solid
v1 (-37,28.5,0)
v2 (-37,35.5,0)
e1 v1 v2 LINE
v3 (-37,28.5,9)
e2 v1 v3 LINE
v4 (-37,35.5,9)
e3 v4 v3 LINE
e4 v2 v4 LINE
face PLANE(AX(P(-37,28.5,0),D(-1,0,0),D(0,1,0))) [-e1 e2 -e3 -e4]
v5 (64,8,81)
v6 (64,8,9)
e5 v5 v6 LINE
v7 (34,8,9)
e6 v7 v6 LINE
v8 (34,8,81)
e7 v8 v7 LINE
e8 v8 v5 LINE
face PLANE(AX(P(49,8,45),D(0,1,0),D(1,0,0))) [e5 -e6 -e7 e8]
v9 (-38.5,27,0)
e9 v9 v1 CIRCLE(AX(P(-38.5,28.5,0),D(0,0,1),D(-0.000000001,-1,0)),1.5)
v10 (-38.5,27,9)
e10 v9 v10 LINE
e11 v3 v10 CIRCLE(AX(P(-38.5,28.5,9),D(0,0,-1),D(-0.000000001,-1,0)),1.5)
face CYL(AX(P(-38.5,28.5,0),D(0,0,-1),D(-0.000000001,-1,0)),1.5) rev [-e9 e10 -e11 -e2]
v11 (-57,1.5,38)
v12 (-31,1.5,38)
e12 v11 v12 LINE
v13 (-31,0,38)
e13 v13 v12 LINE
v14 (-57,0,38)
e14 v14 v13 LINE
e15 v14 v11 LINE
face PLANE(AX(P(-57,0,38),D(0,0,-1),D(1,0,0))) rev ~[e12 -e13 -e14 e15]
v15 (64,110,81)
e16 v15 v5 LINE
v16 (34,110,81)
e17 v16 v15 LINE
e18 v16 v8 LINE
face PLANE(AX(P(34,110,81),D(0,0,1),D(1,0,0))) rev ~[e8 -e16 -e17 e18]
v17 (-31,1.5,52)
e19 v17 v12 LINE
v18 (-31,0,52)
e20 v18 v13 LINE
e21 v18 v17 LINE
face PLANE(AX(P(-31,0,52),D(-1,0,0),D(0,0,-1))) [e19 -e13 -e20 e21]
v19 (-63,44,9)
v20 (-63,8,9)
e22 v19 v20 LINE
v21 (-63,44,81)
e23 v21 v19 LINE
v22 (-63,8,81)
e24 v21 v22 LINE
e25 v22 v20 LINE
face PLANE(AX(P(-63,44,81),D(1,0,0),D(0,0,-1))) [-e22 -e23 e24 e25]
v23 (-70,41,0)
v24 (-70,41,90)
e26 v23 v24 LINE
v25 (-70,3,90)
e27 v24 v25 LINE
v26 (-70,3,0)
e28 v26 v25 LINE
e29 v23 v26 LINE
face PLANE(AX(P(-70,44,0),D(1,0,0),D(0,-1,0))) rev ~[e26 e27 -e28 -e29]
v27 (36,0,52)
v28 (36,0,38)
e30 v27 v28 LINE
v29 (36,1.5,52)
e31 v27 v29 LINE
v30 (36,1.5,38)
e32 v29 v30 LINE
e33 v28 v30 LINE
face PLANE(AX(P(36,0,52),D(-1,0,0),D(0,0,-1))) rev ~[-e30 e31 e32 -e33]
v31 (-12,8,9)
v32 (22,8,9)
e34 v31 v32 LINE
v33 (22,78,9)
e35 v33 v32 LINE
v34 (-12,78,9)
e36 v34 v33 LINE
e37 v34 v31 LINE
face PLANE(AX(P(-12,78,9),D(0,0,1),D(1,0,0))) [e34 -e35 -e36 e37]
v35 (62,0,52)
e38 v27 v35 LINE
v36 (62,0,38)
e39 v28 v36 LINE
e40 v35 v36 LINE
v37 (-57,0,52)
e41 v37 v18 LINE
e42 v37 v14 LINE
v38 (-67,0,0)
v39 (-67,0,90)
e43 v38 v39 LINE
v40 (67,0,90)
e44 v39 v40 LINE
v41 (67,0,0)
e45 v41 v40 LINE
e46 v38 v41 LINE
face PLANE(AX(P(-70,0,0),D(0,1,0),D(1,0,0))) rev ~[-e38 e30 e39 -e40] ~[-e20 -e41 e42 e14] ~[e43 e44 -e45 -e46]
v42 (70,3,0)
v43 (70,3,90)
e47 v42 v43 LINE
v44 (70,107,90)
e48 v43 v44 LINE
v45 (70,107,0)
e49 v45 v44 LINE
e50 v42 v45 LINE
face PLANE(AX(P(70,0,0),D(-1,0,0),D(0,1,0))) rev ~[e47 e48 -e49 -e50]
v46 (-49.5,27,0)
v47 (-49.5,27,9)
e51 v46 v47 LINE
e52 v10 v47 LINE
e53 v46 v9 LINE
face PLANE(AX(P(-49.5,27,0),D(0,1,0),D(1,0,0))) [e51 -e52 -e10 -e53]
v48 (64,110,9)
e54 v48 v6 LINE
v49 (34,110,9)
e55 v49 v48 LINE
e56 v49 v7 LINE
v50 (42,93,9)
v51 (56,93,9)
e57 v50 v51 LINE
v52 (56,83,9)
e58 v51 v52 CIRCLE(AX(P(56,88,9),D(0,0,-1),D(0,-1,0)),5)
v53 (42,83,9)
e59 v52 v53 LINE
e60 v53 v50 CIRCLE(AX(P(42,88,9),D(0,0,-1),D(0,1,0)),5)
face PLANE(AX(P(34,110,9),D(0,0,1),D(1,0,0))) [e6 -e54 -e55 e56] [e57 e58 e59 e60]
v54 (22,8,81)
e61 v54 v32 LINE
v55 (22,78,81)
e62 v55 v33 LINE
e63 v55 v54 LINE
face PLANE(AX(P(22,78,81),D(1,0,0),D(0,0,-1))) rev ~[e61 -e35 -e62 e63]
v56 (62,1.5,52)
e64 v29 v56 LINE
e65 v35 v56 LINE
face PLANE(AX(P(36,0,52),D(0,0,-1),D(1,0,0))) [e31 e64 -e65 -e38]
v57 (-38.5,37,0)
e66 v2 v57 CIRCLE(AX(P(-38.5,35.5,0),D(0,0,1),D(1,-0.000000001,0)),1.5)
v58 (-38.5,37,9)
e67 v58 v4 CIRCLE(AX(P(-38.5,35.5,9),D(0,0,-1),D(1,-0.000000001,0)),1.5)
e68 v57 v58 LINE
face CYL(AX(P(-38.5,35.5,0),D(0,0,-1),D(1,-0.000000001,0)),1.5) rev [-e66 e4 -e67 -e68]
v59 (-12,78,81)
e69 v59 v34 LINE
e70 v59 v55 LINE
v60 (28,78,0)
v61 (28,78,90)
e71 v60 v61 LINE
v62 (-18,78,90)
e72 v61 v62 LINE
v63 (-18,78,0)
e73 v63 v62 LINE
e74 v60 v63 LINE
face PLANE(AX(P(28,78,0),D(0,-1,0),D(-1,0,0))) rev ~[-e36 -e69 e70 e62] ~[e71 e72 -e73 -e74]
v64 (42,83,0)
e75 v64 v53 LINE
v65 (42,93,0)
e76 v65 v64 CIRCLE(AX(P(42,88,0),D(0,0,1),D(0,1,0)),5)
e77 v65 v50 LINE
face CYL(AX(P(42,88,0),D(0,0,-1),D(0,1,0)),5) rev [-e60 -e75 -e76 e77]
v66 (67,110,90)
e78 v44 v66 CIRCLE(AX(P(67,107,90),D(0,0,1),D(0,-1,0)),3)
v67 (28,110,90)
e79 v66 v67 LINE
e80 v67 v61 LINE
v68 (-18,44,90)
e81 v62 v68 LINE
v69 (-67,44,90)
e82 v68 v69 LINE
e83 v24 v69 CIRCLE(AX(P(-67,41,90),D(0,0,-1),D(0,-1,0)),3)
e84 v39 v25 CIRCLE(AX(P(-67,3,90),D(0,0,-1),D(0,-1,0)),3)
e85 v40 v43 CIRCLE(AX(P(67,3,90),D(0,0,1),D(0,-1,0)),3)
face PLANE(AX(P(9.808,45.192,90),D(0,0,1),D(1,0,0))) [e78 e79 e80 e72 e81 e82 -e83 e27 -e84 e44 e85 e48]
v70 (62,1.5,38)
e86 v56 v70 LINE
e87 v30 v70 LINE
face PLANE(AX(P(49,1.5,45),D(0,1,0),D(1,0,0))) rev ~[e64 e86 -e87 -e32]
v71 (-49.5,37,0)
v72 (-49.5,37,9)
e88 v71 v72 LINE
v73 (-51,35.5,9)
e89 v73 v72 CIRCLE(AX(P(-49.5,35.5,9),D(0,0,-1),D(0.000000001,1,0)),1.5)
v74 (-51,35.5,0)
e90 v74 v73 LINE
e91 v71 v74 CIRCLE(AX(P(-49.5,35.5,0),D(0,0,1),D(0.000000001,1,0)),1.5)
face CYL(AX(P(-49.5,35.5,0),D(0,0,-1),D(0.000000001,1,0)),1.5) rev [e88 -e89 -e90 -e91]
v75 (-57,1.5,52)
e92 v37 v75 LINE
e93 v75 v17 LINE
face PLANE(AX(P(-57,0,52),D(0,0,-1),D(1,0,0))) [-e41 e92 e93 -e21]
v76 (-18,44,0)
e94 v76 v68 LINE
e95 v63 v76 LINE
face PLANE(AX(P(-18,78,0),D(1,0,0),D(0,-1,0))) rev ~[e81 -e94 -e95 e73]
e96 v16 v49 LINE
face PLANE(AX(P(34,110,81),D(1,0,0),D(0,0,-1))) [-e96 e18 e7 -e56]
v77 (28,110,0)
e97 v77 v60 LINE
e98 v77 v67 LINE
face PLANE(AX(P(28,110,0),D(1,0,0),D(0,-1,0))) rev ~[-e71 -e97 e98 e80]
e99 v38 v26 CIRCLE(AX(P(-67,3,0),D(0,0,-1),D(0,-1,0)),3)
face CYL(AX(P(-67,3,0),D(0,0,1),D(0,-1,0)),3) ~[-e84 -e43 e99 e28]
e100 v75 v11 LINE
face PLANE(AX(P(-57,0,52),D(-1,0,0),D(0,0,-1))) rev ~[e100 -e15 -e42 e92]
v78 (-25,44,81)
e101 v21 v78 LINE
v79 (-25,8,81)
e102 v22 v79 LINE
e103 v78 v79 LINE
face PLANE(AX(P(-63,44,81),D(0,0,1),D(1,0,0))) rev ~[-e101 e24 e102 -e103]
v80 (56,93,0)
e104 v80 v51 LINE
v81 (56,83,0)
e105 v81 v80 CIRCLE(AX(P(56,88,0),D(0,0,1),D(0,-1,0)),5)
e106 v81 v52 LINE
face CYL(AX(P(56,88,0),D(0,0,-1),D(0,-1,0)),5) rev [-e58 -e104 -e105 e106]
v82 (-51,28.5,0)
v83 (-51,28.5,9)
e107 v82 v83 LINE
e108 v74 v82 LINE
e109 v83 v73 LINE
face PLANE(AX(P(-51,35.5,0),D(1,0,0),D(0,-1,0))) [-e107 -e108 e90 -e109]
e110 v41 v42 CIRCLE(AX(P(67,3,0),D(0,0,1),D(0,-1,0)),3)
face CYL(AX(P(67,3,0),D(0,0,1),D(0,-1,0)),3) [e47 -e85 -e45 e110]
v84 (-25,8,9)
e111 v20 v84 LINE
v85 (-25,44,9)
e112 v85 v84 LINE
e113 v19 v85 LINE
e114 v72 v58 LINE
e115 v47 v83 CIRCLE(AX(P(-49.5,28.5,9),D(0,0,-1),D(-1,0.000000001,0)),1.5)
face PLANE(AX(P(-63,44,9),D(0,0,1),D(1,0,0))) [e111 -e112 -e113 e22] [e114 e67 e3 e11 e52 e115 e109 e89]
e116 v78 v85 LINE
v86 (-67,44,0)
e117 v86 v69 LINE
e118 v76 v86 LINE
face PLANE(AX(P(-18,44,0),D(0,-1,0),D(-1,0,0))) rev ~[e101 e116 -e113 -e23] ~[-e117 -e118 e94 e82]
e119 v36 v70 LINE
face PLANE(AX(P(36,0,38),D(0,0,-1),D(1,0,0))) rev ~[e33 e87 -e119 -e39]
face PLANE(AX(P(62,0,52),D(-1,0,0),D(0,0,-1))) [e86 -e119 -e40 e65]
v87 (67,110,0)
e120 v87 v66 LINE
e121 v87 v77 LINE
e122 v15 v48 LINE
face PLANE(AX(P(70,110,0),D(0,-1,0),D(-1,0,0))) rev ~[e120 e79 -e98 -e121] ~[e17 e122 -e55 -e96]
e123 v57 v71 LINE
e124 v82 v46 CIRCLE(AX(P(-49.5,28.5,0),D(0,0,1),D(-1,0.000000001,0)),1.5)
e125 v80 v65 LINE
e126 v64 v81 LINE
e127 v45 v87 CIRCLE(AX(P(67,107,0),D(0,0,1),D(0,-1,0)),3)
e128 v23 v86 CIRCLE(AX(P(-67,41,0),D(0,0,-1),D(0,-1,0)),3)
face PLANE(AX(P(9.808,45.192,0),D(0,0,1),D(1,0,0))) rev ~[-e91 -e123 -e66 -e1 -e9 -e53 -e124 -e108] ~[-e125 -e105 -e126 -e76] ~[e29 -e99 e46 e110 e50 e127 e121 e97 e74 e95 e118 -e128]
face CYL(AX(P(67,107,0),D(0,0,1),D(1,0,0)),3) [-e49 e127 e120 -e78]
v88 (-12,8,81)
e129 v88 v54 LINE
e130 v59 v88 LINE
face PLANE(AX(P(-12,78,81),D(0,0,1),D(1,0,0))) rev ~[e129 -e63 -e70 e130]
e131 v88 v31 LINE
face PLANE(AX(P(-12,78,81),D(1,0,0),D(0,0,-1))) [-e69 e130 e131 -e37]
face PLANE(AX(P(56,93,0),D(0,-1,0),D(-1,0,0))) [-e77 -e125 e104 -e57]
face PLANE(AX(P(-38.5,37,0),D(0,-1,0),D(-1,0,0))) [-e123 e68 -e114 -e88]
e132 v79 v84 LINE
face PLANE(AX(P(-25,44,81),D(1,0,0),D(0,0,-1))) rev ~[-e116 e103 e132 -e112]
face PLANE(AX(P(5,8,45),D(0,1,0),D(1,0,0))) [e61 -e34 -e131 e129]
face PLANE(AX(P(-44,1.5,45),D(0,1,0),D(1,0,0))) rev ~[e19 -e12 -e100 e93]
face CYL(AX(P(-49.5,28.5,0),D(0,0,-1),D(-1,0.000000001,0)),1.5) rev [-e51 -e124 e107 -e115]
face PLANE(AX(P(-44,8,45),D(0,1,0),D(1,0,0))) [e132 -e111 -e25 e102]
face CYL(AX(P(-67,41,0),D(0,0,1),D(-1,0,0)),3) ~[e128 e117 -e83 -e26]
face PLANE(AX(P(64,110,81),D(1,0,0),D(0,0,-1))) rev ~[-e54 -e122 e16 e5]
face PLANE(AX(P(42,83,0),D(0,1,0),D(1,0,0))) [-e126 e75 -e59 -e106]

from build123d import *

# Parameters (mm, degrees)
EXTRUDE_1_DEPTH      = 90
SKETCH_2_W           = 38
SKETCH_2_H           = 72
CUT_EXTRUDE_1_DEPTH  = 36
SKETCH_4_W           = 34
SKETCH_4_H           = 72
CUT_EXTRUDE_3_DEPTH  = 70
SKETCH_5_W           = 30
SKETCH_5_H           = 72
CUT_EXTRUDE_4_DEPTH  = 102
SKETCH_7_W           = 26
SKETCH_7_H           = 14
CUT_EXTRUDE_6_DEPTH  = 1.5
FILLET_2_R           = 3
CUT_EXTRUDE_11_DEPTH = 9.5
CUT_EXTRUDE_12_DEPTH = 9.5


with BuildPart() as part:
    # 草图1 → 凸台-拉伸1 (new body)
    with BuildSketch(Plane.XY):
        Polygon((-70, 0), (70, 0), (70, 110), (28, 110), (28, 78), (-18, 78), (-18, 44), (-70, 44), align=None)
    extrude(amount=EXTRUDE_1_DEPTH)

    # 草图2 → 切除-拉伸1 (cut)
    with BuildSketch(Plane(origin=(0, 44, 0), x_dir=(1, 0, 0), z_dir=(0, 1, 0))):
        with Locations((-44, -45)):
            Rectangle(SKETCH_2_W, SKETCH_2_H)
    extrude(amount=-CUT_EXTRUDE_1_DEPTH, mode=Mode.SUBTRACT)

    # 草图4 → 切除-拉伸3 (cut)
    with BuildSketch(Plane(origin=(0, 78, 0), x_dir=(1, 0, 0), z_dir=(0, 1, 0))):
        with Locations((5, -45)):
            Rectangle(SKETCH_4_W, SKETCH_4_H)
    extrude(amount=-CUT_EXTRUDE_3_DEPTH, mode=Mode.SUBTRACT)

    # 草图5 → 切除-拉伸4 (cut)
    with BuildSketch(Plane(origin=(0, 110, 0), x_dir=(1, 0, 0), z_dir=(0, 1, 0))):
        with Locations((49, -45)):
            Rectangle(SKETCH_5_W, SKETCH_5_H)
    extrude(amount=-CUT_EXTRUDE_4_DEPTH, mode=Mode.SUBTRACT)

    # 草图7 → 切除-拉伸6 (cut)
    with BuildSketch(Plane(origin=(0, 0, 0), x_dir=(1, 0, 0), z_dir=(0, 1, 0))):
        with Locations((-44, -45)):
            Rectangle(SKETCH_7_W, SKETCH_7_H)
        with Locations((49, -45)):
            Rectangle(SKETCH_7_W, SKETCH_7_H)
    extrude(amount=CUT_EXTRUDE_6_DEPTH, mode=Mode.SUBTRACT)

    # 圆角2
    fillet_2_edges = [part.edges().sort_by_distance(p)[0] for p in [
        (-70, 44, 45),
        (70, 110, 45),
        (70, 0, 45),
        (-70, 0, 45),
    ]]
    fillet(fillet_2_edges, radius=FILLET_2_R)

    # 草图12 → 切除-拉伸11 (cut)
    with BuildSketch(Plane.XY):
        with BuildLine():
            Line((-49.5, 27), (-38.5, 27))
            ThreePointArc((-38.5, 27), (-37.439339828, 27.439339828), (-37, 28.5))
            Line((-37, 28.5), (-37, 35.5))
            ThreePointArc((-37, 35.5), (-37.439339828, 36.560660172), (-38.5, 37))
            Line((-38.5, 37), (-49.5, 37))
            ThreePointArc((-49.5, 37), (-50.560660172, 36.560660172), (-51, 35.5))
            Line((-51, 35.5), (-51, 28.5))
            ThreePointArc((-51, 28.5), (-50.560660172, 27.439339828), (-49.5, 27))
        make_face()
    extrude(amount=CUT_EXTRUDE_11_DEPTH, mode=Mode.SUBTRACT)

    # 草图13 → 切除-拉伸12 (cut)
    with BuildSketch(Plane.XY):
        with BuildLine():
            Line((42, 83), (56, 83))
            ThreePointArc((56, 83), (61, 88), (56, 93))
            Line((56, 93), (42, 93))
            ThreePointArc((42, 93), (37, 88), (42, 83))
        make_face()
    extrude(amount=CUT_EXTRUDE_12_DEPTH, mode=Mode.SUBTRACT)


solid = part.part
